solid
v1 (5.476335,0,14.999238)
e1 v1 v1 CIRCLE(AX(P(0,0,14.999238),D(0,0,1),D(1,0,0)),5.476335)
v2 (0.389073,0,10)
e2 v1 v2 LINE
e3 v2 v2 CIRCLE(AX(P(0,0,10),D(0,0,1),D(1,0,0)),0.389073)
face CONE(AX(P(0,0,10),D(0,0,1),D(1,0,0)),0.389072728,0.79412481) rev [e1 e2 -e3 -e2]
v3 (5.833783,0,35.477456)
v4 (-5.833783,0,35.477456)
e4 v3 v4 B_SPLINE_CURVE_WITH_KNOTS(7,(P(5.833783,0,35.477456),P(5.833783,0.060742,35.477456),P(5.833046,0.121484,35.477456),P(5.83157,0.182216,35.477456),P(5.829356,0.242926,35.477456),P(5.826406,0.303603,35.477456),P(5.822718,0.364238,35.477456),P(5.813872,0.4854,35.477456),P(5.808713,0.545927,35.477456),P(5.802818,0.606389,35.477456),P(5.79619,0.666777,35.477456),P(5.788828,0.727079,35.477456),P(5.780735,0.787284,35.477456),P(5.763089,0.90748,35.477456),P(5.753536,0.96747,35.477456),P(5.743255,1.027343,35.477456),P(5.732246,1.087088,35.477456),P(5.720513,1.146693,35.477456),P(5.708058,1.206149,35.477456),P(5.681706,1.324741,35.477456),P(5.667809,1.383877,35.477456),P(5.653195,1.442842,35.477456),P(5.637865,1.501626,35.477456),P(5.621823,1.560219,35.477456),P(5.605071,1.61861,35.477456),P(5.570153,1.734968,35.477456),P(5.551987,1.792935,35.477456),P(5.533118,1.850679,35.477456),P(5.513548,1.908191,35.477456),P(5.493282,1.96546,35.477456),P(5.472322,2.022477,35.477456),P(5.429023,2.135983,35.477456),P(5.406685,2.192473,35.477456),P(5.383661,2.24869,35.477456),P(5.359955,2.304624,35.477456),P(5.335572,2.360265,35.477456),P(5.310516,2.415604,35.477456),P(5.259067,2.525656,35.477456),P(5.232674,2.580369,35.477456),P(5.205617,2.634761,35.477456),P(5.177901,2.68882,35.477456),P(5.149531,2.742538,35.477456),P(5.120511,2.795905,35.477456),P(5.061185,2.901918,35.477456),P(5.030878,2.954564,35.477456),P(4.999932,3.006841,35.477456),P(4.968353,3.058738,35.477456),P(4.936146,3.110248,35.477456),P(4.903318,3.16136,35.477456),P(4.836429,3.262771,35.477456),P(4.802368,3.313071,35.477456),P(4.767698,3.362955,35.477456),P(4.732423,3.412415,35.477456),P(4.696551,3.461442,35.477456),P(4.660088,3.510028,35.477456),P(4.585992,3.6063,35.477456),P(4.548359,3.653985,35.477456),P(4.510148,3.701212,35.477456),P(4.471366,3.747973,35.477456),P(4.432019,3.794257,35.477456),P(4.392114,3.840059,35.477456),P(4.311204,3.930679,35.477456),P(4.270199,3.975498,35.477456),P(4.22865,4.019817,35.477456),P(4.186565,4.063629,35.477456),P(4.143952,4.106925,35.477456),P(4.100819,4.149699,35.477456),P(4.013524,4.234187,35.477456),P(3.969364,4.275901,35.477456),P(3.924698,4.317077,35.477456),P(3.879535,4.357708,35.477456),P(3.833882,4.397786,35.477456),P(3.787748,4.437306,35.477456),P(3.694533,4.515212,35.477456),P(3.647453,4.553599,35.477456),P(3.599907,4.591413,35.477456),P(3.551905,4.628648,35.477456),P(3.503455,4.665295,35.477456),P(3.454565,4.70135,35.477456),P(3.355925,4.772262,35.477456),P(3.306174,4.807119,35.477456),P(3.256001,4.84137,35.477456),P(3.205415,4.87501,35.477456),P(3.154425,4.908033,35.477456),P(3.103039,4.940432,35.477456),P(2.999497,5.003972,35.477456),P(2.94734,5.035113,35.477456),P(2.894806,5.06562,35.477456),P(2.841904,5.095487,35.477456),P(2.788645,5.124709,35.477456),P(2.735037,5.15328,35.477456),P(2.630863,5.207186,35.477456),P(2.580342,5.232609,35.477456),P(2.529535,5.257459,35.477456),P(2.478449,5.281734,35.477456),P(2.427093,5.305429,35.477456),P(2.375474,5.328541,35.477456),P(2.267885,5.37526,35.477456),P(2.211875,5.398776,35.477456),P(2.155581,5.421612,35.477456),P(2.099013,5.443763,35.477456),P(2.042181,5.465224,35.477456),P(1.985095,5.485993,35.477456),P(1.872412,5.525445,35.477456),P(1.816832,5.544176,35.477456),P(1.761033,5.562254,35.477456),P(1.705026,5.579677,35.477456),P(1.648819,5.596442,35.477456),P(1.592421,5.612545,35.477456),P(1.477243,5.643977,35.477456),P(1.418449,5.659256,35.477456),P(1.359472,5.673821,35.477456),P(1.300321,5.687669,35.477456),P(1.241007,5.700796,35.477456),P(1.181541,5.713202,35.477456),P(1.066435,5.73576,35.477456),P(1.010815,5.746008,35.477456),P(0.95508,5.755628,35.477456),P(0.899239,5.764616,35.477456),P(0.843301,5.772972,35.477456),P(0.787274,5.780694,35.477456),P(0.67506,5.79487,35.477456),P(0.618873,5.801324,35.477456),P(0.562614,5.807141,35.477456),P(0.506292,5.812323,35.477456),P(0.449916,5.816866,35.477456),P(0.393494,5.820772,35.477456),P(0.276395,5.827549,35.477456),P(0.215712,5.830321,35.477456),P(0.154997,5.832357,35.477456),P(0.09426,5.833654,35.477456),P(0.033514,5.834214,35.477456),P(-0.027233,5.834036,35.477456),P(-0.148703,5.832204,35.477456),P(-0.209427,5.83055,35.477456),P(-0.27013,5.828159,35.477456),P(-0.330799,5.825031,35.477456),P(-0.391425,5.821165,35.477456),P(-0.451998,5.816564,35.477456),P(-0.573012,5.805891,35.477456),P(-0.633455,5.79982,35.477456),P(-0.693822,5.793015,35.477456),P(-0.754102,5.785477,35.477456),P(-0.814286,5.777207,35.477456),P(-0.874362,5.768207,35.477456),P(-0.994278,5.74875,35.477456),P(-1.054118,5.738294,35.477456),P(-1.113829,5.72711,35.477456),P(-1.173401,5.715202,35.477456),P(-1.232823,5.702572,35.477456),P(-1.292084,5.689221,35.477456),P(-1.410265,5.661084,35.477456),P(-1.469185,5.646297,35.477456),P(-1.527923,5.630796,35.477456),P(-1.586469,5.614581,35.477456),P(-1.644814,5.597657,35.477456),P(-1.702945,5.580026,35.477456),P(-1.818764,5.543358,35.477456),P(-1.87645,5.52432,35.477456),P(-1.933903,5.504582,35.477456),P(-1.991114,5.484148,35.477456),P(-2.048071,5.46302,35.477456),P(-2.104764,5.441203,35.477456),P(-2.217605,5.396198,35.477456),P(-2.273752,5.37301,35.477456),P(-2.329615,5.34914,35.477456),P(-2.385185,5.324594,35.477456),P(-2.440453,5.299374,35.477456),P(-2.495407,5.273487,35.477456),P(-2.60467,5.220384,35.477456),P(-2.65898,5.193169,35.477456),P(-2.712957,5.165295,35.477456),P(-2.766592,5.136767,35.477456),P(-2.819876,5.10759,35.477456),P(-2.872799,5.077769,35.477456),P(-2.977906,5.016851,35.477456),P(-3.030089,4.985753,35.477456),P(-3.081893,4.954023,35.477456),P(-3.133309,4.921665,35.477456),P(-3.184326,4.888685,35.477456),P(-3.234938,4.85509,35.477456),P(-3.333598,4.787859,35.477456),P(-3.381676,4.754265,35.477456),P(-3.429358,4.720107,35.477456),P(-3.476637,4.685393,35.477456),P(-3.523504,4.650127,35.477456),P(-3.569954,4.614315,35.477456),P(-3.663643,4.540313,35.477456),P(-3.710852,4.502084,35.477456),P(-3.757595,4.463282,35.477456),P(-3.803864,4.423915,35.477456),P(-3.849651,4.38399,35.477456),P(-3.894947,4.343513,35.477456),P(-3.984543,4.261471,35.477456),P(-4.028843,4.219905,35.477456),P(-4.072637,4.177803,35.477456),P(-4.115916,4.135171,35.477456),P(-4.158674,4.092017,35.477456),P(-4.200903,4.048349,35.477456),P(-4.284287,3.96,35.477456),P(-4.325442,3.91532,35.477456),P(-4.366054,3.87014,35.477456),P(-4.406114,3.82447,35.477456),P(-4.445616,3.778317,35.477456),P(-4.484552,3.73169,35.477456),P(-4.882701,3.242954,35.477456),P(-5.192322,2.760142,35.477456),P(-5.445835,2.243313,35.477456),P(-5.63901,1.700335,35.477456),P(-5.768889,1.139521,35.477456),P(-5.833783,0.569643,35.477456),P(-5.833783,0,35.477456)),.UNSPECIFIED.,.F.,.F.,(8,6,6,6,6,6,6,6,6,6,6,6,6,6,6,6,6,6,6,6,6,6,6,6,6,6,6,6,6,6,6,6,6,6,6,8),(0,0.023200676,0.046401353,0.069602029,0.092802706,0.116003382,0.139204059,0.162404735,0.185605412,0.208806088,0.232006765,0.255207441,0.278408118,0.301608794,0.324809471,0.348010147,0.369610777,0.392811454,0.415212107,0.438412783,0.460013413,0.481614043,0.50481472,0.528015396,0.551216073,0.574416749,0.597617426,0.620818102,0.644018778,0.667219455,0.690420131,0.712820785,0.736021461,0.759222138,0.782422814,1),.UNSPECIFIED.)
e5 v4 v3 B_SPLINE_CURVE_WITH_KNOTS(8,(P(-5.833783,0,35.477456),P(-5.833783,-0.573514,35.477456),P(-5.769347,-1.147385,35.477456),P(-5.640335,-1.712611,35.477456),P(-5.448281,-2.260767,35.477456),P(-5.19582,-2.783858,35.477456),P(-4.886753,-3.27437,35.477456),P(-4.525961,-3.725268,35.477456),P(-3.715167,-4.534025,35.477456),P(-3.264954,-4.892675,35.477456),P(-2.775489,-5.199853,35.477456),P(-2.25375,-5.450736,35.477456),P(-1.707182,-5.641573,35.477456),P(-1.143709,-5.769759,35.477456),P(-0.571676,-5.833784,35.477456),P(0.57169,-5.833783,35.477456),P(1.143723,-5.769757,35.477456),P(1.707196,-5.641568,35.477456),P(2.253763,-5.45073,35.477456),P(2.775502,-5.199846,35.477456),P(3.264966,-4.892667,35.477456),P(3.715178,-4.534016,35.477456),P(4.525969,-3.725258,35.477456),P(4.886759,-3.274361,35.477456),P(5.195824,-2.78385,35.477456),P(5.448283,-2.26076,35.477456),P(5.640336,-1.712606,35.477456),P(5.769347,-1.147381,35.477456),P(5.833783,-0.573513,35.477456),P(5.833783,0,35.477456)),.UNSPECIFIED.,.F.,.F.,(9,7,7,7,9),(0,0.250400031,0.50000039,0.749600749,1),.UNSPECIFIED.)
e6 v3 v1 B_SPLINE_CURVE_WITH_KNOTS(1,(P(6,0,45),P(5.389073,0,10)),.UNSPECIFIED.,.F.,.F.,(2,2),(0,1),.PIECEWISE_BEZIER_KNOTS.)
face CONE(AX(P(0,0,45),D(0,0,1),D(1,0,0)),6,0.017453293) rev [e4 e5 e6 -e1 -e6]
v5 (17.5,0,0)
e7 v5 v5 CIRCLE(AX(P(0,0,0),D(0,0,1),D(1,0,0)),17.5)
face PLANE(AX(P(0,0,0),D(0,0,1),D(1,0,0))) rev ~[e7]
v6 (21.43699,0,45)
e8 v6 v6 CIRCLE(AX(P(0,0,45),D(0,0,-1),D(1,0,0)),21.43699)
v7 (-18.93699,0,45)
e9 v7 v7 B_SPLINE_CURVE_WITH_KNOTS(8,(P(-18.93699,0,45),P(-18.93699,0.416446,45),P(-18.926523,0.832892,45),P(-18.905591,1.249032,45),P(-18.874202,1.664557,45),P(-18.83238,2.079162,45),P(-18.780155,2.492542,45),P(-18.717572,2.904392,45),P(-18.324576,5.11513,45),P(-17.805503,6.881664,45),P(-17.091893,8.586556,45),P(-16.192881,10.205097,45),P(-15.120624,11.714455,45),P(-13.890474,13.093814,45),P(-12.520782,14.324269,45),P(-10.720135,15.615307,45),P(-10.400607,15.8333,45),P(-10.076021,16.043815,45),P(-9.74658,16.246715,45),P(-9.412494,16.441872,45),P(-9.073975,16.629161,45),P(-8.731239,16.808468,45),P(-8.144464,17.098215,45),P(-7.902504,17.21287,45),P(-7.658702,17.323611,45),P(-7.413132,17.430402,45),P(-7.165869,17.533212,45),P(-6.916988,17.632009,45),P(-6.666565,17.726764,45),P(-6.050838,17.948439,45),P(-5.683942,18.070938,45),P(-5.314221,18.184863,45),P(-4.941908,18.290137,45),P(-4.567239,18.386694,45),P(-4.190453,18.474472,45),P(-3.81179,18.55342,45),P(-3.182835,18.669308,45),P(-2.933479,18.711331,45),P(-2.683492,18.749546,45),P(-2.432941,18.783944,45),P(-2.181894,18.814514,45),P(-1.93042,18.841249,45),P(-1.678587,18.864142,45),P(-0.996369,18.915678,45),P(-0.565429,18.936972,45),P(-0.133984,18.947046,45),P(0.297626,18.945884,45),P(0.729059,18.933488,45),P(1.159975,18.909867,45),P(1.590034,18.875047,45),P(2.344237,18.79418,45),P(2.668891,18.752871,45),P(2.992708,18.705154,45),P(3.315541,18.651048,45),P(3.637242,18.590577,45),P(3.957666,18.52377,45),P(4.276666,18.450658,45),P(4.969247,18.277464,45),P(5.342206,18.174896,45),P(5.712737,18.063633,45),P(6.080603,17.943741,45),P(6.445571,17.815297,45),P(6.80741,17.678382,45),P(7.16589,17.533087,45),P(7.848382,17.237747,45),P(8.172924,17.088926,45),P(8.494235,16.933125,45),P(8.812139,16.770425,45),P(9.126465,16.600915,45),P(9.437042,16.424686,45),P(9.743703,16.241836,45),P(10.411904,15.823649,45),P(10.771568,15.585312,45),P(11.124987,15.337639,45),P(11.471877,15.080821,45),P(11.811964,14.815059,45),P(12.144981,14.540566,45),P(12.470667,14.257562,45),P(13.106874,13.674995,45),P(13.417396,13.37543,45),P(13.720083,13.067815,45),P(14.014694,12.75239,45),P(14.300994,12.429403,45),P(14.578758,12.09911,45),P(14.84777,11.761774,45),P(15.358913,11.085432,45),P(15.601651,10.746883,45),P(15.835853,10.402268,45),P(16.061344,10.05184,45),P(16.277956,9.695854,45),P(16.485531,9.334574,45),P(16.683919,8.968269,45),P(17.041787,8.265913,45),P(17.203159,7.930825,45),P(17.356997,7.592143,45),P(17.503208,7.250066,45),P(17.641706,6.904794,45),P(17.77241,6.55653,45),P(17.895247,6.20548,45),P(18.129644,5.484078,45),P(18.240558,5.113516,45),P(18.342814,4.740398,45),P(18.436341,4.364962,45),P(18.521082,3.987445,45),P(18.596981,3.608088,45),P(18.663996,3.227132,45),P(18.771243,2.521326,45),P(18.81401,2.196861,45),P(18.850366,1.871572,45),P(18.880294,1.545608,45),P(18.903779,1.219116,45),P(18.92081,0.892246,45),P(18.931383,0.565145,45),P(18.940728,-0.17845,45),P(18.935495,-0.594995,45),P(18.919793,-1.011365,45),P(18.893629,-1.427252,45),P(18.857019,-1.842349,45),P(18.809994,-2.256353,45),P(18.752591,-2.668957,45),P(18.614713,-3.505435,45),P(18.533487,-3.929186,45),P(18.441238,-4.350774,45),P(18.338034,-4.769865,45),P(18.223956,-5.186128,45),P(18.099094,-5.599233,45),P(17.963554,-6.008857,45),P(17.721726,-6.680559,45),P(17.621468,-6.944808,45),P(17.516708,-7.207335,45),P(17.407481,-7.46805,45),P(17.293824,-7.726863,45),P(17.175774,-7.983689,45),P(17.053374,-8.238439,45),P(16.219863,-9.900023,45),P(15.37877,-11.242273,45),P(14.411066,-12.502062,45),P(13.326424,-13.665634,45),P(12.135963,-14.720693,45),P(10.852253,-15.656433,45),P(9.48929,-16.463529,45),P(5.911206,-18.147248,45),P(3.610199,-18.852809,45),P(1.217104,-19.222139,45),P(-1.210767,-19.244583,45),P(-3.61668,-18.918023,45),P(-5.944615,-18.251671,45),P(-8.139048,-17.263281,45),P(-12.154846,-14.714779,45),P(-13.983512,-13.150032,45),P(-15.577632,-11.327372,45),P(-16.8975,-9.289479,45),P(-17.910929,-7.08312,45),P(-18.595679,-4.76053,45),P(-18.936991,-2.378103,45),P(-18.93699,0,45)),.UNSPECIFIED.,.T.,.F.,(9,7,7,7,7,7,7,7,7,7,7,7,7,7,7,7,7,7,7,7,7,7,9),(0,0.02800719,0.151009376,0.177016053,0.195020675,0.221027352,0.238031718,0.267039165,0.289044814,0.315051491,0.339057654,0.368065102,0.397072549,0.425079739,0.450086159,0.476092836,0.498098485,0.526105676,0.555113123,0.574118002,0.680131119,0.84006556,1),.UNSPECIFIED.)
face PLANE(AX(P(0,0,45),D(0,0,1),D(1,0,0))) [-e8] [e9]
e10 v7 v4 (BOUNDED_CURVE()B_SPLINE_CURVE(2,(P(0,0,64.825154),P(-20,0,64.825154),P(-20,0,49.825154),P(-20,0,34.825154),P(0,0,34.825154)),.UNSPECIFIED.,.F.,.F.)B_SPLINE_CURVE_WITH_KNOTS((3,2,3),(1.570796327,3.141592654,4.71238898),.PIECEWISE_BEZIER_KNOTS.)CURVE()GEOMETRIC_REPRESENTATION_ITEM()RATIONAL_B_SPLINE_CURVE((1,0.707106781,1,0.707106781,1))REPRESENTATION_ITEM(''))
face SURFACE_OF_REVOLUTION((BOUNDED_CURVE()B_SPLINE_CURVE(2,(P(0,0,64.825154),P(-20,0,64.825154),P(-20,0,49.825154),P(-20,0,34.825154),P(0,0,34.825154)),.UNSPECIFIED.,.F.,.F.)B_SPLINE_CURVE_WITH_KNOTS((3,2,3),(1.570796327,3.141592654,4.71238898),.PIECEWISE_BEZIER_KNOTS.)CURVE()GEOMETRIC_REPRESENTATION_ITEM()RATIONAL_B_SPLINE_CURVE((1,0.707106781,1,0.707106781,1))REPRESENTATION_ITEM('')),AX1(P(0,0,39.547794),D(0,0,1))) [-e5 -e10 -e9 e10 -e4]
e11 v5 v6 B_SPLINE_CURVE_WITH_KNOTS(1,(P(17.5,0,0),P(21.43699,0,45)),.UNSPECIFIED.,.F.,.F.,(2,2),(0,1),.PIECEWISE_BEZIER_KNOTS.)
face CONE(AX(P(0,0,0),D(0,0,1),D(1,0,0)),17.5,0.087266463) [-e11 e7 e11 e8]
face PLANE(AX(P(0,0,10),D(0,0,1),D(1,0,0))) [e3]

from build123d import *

# Parameters (mm, degrees)
F0_R     = 17.5
F1_DEPTH = 45
F1_TAPER = -5
F3_R     = 6
F4_DEPTH = 35
F4_TAPER = 1
F5_SIZE  = 5


with BuildPart() as f1:
    # F0 (on Top) → F1 (new body)
    with BuildSketch(Plane.XY):
        Circle(F0_R)
    extrude(amount=F1_DEPTH, taper=F1_TAPER)

    # F3 (on face) → F4 (cut)
    with BuildSketch(Plane.XY.offset(45)):
        Circle(F3_R)
    extrude(amount=-F4_DEPTH, taper=F4_TAPER, mode=Mode.SUBTRACT)

    # F5
    f5_edges = [f1.edges().sort_by_distance(p)[0] for p in [
        (-5.389073, 0, 10),
    ]]
    chamfer(f5_edges, length=F5_SIZE)

    # F2 (on Front) → F6 (revolve, cut)
    with BuildSketch(Plane.XZ):
        with BuildLine():
            Line((0, 34.8251537271), (0, 64.8251537271))
            add(Edge.make_bspline(
                [(0, 64.8251537271), (-20, 64.8251537271), (-20, 49.8251537271), (-20, 34.8251537271), (0, 34.8251537271)],
                knots=[1.5707963268, 1.5707963268, 1.5707963268, 3.1415926536, 3.1415926536, 4.7123889804, 4.7123889804, 4.7123889804], degree=2, weights=[1, 0.7071067812, 1, 0.7071067812, 1]))
        make_face()
    revolve(axis=Axis((0, 0, 39.5477935672), (0, 0, 1)), mode=Mode.SUBTRACT)


solid = f1.part
